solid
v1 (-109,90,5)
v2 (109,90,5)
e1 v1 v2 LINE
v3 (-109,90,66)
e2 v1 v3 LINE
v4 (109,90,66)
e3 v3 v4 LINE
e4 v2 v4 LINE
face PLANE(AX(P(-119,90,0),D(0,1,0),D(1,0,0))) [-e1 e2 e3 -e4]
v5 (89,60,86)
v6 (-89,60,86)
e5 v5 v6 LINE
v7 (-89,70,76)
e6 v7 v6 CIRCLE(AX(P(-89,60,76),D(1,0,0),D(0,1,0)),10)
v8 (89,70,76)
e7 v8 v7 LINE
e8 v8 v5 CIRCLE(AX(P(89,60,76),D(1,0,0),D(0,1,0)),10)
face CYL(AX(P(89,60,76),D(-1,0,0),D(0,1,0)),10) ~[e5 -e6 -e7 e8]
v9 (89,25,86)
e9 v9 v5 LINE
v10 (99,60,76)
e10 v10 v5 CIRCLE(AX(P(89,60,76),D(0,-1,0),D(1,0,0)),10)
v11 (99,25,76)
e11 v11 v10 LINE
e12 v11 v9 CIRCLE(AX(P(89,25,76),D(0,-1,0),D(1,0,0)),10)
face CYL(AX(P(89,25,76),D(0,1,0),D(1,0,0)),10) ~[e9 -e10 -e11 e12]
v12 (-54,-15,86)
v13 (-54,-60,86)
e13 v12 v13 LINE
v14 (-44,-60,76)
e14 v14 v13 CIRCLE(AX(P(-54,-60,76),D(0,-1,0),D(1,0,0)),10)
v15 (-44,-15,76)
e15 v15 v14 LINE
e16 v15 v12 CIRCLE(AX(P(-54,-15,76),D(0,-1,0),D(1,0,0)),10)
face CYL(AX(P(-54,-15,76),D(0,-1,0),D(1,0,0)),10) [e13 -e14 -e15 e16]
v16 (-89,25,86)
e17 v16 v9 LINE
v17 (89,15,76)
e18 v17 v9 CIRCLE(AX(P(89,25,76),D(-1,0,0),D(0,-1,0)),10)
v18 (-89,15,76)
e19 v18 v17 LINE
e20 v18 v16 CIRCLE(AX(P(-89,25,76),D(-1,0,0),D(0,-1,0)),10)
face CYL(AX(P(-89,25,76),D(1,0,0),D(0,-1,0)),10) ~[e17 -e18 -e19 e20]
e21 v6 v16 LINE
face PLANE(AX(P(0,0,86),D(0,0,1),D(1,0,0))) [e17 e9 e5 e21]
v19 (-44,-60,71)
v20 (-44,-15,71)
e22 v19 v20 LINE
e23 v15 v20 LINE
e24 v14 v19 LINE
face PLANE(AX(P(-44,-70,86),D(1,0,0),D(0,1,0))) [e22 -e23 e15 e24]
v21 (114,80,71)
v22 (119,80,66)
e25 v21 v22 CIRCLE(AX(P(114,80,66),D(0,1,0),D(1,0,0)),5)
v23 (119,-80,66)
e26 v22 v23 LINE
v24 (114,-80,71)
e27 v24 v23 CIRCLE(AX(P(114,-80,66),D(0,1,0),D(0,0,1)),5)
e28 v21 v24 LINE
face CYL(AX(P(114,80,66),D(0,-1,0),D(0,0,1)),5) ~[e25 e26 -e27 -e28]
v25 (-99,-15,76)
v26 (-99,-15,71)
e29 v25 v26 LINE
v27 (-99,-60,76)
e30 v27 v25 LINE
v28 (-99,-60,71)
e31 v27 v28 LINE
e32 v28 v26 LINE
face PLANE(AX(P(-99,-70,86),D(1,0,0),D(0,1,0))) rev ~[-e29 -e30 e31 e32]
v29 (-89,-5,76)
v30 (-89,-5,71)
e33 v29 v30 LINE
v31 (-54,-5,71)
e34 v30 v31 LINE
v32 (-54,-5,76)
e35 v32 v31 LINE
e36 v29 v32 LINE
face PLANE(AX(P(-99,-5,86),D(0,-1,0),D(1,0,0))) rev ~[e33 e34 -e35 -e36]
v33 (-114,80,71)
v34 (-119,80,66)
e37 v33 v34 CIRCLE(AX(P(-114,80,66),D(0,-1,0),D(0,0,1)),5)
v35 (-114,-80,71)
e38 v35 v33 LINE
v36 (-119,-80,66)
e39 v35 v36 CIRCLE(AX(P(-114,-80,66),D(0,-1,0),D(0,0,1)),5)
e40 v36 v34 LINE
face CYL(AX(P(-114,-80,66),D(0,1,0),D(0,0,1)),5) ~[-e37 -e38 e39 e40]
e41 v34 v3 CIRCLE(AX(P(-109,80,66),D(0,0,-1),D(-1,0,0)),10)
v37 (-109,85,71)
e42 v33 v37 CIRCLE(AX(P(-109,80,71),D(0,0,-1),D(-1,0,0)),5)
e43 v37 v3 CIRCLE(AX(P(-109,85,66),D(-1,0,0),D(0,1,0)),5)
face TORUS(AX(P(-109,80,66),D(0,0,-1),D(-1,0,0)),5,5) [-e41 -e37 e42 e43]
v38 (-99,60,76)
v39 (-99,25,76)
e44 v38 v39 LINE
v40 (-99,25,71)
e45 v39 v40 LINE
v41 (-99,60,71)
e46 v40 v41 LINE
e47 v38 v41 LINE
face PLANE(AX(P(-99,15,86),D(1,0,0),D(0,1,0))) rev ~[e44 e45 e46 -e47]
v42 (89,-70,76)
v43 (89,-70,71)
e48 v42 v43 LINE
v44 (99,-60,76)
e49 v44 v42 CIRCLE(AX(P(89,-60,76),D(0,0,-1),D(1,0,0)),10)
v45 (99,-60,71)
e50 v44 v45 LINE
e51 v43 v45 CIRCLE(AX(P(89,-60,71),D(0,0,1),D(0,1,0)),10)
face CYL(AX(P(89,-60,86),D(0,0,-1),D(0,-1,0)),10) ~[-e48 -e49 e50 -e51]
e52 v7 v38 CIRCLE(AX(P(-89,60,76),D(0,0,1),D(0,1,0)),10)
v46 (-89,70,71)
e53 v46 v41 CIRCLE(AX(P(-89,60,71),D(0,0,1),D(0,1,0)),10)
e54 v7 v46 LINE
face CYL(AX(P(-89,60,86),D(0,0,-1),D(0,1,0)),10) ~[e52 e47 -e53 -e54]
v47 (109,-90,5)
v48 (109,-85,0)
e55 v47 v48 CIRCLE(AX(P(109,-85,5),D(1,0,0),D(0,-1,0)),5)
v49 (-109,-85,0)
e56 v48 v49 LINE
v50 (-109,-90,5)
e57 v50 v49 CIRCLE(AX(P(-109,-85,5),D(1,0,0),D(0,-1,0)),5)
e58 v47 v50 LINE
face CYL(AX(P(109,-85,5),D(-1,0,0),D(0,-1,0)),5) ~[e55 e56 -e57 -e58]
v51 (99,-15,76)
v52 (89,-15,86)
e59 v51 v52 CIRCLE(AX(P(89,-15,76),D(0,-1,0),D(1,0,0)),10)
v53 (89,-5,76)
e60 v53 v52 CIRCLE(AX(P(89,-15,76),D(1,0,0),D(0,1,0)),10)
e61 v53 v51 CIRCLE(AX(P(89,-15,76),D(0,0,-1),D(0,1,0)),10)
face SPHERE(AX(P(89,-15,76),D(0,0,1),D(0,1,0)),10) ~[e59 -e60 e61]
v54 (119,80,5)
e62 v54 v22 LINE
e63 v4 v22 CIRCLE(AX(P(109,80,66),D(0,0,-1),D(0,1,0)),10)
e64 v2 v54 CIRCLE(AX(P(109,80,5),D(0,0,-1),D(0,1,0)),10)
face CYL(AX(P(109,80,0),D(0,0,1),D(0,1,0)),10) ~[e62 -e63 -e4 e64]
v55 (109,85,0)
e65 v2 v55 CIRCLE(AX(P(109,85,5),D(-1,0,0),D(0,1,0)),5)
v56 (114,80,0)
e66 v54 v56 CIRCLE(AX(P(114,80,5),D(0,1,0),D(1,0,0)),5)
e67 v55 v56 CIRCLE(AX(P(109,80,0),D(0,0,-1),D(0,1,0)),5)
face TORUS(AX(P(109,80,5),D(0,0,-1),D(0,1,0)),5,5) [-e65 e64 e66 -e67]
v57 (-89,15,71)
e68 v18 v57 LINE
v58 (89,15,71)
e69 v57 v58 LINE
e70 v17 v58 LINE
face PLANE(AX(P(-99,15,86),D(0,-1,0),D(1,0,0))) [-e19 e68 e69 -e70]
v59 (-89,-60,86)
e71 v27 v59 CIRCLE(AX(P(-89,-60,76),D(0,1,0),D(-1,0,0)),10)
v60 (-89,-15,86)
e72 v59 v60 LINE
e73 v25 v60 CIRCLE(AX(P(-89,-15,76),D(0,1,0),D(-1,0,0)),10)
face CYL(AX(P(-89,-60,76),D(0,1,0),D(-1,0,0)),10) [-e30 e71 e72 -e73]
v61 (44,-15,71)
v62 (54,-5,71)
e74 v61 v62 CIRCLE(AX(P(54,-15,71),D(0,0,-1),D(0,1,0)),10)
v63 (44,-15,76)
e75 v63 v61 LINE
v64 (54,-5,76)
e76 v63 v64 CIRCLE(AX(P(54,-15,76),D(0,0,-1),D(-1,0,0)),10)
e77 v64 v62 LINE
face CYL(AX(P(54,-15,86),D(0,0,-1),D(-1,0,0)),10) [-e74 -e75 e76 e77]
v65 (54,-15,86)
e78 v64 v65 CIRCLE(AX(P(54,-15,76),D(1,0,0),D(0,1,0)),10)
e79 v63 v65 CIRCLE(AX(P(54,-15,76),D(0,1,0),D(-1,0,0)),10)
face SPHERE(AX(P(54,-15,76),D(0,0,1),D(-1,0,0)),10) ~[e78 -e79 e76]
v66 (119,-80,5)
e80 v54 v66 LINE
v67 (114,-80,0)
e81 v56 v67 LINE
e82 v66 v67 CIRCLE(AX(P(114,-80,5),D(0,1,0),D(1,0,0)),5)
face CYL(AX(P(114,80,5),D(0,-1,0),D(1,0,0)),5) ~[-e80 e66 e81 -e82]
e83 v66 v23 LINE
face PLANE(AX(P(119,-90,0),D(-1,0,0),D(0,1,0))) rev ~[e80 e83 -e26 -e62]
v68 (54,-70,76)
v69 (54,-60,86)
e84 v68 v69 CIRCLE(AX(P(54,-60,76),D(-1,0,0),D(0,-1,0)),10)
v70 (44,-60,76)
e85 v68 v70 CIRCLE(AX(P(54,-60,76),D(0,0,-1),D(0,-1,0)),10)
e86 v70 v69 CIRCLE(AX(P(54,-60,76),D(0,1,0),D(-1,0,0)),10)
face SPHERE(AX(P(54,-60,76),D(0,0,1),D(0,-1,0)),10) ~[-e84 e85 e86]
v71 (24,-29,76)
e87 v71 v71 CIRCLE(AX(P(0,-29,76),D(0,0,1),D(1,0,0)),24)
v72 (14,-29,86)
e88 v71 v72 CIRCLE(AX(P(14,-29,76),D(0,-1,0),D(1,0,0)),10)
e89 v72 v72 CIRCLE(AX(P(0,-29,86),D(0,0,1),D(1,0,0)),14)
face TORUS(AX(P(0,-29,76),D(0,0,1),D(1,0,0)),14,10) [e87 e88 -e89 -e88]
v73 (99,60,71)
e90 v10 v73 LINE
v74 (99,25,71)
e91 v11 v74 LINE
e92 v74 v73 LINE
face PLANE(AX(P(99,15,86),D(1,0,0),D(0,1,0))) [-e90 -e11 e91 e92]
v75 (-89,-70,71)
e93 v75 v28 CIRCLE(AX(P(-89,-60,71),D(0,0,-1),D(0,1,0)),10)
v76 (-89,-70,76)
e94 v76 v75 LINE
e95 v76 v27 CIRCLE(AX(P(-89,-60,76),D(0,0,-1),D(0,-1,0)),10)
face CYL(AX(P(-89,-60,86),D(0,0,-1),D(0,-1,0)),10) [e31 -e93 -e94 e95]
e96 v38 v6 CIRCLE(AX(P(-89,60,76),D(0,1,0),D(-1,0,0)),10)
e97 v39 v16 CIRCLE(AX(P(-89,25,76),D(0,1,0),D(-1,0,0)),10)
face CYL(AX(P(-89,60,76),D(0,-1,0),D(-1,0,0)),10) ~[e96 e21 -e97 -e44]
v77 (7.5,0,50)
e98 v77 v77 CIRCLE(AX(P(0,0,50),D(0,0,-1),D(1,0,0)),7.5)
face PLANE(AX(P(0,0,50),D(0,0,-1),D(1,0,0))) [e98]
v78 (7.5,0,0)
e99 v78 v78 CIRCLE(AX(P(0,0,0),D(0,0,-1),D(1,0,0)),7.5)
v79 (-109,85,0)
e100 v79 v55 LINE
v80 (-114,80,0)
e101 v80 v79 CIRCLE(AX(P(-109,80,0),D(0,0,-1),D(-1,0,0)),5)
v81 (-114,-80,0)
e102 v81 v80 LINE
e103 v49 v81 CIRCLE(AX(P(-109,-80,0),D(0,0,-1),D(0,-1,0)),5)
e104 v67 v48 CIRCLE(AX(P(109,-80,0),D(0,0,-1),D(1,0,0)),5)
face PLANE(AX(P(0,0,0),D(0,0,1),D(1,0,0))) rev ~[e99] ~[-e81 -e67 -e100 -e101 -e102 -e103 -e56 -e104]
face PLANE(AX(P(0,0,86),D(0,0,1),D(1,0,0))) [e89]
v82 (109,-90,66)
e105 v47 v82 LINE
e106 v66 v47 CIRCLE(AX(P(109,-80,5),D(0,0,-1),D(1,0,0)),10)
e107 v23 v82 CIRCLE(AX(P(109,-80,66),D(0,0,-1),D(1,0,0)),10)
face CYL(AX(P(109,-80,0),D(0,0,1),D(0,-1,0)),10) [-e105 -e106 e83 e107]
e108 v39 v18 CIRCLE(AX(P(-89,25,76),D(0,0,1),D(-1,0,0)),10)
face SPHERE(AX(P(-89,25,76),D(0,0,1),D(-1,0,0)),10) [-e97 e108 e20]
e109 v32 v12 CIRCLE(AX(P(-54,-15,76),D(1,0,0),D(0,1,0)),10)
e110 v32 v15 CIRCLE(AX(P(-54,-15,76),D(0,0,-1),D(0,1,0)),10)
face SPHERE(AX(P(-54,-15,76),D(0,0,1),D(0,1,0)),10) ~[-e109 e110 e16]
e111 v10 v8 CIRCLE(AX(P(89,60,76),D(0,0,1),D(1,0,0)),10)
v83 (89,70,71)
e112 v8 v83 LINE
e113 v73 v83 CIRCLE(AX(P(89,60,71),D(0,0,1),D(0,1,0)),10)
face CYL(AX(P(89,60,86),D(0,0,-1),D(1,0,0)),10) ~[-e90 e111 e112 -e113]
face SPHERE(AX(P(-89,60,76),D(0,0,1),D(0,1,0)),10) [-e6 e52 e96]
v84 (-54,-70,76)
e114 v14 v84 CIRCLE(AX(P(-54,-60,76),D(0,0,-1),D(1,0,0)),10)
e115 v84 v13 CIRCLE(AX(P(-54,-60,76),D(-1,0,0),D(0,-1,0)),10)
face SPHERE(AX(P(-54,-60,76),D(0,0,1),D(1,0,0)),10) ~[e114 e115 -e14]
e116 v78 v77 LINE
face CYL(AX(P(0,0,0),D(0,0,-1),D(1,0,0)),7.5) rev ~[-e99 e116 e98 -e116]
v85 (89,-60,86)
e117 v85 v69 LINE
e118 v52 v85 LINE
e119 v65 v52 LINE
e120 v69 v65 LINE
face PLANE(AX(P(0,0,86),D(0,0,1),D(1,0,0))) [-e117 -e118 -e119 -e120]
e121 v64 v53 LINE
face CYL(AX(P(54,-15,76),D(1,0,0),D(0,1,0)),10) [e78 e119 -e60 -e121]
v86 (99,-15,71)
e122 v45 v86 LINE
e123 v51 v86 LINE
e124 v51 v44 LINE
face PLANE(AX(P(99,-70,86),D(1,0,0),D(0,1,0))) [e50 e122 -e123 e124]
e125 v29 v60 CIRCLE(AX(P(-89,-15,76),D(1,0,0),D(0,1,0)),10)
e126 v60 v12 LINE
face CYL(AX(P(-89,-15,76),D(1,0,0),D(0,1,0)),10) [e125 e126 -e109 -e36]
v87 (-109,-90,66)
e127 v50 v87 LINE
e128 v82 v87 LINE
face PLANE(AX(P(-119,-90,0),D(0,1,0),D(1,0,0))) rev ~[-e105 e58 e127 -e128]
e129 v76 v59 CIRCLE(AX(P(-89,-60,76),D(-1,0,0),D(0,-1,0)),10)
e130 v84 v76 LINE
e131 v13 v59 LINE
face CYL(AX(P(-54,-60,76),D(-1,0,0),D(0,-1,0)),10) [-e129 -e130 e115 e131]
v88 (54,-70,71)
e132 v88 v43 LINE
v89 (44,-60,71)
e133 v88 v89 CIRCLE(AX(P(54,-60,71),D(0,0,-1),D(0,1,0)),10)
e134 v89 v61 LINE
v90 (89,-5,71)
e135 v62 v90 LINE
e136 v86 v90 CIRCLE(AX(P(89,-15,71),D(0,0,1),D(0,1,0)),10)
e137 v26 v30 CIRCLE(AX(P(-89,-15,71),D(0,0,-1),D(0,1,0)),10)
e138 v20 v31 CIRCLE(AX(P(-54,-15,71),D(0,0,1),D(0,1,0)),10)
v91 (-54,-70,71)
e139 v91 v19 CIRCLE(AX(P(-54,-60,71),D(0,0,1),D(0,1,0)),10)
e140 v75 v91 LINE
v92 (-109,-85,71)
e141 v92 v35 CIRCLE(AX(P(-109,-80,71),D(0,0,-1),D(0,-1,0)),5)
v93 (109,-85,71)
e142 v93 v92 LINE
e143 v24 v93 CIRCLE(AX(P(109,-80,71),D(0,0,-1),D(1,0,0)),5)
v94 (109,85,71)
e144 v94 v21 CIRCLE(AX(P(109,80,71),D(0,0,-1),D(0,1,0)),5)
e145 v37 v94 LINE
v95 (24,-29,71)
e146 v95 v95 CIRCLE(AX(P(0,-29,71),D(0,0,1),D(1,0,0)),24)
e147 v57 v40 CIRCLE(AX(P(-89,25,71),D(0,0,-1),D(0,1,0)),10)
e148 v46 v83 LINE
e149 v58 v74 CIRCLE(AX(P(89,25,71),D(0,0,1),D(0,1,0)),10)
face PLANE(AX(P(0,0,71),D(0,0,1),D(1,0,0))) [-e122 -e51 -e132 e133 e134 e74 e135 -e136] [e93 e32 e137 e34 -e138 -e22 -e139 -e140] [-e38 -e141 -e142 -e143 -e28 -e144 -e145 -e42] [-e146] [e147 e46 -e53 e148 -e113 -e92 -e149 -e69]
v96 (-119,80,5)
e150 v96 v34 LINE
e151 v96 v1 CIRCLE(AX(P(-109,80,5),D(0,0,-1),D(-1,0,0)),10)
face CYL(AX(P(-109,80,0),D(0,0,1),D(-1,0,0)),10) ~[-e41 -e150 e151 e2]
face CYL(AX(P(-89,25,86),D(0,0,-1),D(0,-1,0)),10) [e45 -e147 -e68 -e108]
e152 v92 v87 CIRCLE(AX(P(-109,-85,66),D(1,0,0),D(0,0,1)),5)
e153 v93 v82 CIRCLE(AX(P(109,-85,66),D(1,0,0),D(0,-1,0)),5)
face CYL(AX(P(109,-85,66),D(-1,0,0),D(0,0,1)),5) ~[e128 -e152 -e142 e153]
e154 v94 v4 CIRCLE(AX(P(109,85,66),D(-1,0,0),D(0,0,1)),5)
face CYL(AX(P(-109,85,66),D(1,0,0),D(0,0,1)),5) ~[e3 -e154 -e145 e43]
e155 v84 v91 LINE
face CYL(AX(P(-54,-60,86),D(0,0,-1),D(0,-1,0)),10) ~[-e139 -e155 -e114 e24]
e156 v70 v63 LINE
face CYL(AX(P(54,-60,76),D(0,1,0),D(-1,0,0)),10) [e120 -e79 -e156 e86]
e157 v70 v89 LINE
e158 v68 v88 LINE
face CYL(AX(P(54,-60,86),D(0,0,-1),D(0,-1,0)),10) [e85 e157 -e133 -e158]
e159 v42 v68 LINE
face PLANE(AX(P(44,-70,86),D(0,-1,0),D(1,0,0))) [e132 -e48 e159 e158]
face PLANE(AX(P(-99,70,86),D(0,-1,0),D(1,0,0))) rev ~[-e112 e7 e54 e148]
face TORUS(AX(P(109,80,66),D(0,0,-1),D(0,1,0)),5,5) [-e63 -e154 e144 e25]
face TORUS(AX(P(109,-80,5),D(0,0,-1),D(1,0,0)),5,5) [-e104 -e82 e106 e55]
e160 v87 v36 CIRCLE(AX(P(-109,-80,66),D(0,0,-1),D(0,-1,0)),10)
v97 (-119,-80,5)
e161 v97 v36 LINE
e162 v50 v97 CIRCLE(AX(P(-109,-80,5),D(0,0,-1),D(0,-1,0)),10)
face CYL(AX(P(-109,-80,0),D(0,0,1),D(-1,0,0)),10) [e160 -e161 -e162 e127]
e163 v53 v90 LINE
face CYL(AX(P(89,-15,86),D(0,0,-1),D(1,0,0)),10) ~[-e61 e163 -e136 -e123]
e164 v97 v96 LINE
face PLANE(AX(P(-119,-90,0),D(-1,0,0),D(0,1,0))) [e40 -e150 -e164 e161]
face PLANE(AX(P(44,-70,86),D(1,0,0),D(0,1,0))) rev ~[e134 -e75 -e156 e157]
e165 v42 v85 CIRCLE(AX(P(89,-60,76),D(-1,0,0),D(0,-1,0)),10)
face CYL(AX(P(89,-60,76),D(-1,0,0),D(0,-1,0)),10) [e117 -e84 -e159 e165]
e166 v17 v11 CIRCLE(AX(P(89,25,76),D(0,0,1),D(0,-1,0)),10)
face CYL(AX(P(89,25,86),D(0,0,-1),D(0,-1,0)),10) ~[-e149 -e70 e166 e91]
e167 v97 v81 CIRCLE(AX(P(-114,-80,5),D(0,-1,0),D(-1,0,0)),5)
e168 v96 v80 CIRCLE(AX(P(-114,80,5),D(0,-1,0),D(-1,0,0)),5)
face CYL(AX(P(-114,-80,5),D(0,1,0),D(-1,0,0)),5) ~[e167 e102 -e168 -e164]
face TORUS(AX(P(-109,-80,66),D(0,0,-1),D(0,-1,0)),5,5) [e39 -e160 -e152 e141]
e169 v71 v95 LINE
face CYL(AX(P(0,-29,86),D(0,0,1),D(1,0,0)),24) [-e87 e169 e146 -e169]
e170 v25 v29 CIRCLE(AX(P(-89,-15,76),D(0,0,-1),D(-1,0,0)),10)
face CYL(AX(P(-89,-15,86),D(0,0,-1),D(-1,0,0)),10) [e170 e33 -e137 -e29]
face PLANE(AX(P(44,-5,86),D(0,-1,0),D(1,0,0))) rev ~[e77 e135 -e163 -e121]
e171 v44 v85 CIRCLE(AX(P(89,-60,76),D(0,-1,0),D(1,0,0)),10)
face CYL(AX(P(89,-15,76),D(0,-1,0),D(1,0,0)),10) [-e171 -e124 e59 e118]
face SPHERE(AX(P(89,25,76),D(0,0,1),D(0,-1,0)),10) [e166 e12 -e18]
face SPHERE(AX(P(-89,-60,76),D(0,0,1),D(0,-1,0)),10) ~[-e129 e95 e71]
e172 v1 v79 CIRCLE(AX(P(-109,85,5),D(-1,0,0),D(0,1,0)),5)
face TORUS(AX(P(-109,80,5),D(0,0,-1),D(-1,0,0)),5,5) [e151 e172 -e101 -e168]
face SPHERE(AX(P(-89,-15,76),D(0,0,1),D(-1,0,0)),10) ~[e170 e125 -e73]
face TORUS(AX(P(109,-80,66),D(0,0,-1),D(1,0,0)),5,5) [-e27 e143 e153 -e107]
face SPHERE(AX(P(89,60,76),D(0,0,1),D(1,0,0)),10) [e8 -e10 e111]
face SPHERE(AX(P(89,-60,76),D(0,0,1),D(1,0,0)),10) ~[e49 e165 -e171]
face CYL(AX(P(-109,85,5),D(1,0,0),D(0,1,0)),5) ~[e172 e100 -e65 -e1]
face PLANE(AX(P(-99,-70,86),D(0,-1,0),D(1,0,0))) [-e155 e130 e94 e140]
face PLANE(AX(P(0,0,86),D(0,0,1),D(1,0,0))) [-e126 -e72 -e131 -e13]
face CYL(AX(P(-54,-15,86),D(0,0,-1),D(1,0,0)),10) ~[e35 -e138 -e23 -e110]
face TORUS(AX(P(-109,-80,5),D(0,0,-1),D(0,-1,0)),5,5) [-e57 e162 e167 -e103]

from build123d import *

# Parameters (mm, degrees)
F0_W     = 238
F0_H     = 180
F1_DEPTH = 86
F2_W     = 238
F2_H     = 180
F2_W_2   = 55
F2_H_2   = 65
F2_R     = 24
F2_W_3   = 198
F2_H_3   = 55
F3_DEPTH = 15
F4_R     = 10
F5_R     = 10
F6_R     = 5
F7_R     = 7.5
F8_DEPTH = 50


with BuildPart() as f1:
    # F0 (on Top) → F1 (new body)
    with BuildSketch(Plane.XY):
        Rectangle(F0_W, F0_H)
    extrude(amount=F1_DEPTH)

    # F2 (on face) → F3 (cut)
    with BuildSketch(Plane.XY.offset(86)):
        Rectangle(F2_W, F2_H)
        with Locations((-71.5, -37.5)):
            Rectangle(F2_W_2, F2_H_2, mode=Mode.SUBTRACT)
        with Locations((0, -29)):
            Circle(F2_R, mode=Mode.SUBTRACT)
        with Locations((71.5, -37.5)):
            Rectangle(F2_W_2, F2_H_2, mode=Mode.SUBTRACT)
        with Locations((0, 42.5)):
            Rectangle(F2_W_3, F2_H_3, mode=Mode.SUBTRACT)
    extrude(amount=-F3_DEPTH, mode=Mode.SUBTRACT)

    # F4
    f4_edges = [f1.edges().sort_by_distance(p)[0] for p in [
        (-119, -90, 35.5),
        (119, -90, 35.5),
        (-119, 90, 35.5),
        (119, 90, 35.5),
        (-99, 70, 78.5),
        (-99, -5, 78.5),
        (-99, -70, 78.5),
        (-44, -5, 78.5),
        (99, 70, 78.5),
        (99, -5, 78.5),
        (44, -5, 78.5),
        (44, -70, 78.5),
        (-99, 15, 78.5),
        (-44, -70, 78.5),
        (99, -70, 78.5),
        (99, 15, 78.5),
    ]]
    fillet(f4_edges, radius=F4_R)

    # F5
    f5_edges = [f1.edges().sort_by_distance(p)[0] for p in [
        (0, 15, 86),
        (-71.5, -5, 86),
        (-24, -29, 86),
        (71.5, -5, 86),
    ]]
    fillet(f5_edges, radius=F5_R)

    # F6
    f6_edges = [f1.edges().sort_by_distance(p)[0] for p in [
        (-119, 0, 71),
        (-119, 0, 0),
    ]]
    fillet(f6_edges, radius=F6_R)

    # F7 (on face) → F8 (cut)
    with BuildSketch(Plane(origin=(0, 0, 0), x_dir=(1, 0, 0), z_dir=(0, 0, -1))):
        Circle(F7_R)
    extrude(amount=-F8_DEPTH, mode=Mode.SUBTRACT)


solid = f1.part
